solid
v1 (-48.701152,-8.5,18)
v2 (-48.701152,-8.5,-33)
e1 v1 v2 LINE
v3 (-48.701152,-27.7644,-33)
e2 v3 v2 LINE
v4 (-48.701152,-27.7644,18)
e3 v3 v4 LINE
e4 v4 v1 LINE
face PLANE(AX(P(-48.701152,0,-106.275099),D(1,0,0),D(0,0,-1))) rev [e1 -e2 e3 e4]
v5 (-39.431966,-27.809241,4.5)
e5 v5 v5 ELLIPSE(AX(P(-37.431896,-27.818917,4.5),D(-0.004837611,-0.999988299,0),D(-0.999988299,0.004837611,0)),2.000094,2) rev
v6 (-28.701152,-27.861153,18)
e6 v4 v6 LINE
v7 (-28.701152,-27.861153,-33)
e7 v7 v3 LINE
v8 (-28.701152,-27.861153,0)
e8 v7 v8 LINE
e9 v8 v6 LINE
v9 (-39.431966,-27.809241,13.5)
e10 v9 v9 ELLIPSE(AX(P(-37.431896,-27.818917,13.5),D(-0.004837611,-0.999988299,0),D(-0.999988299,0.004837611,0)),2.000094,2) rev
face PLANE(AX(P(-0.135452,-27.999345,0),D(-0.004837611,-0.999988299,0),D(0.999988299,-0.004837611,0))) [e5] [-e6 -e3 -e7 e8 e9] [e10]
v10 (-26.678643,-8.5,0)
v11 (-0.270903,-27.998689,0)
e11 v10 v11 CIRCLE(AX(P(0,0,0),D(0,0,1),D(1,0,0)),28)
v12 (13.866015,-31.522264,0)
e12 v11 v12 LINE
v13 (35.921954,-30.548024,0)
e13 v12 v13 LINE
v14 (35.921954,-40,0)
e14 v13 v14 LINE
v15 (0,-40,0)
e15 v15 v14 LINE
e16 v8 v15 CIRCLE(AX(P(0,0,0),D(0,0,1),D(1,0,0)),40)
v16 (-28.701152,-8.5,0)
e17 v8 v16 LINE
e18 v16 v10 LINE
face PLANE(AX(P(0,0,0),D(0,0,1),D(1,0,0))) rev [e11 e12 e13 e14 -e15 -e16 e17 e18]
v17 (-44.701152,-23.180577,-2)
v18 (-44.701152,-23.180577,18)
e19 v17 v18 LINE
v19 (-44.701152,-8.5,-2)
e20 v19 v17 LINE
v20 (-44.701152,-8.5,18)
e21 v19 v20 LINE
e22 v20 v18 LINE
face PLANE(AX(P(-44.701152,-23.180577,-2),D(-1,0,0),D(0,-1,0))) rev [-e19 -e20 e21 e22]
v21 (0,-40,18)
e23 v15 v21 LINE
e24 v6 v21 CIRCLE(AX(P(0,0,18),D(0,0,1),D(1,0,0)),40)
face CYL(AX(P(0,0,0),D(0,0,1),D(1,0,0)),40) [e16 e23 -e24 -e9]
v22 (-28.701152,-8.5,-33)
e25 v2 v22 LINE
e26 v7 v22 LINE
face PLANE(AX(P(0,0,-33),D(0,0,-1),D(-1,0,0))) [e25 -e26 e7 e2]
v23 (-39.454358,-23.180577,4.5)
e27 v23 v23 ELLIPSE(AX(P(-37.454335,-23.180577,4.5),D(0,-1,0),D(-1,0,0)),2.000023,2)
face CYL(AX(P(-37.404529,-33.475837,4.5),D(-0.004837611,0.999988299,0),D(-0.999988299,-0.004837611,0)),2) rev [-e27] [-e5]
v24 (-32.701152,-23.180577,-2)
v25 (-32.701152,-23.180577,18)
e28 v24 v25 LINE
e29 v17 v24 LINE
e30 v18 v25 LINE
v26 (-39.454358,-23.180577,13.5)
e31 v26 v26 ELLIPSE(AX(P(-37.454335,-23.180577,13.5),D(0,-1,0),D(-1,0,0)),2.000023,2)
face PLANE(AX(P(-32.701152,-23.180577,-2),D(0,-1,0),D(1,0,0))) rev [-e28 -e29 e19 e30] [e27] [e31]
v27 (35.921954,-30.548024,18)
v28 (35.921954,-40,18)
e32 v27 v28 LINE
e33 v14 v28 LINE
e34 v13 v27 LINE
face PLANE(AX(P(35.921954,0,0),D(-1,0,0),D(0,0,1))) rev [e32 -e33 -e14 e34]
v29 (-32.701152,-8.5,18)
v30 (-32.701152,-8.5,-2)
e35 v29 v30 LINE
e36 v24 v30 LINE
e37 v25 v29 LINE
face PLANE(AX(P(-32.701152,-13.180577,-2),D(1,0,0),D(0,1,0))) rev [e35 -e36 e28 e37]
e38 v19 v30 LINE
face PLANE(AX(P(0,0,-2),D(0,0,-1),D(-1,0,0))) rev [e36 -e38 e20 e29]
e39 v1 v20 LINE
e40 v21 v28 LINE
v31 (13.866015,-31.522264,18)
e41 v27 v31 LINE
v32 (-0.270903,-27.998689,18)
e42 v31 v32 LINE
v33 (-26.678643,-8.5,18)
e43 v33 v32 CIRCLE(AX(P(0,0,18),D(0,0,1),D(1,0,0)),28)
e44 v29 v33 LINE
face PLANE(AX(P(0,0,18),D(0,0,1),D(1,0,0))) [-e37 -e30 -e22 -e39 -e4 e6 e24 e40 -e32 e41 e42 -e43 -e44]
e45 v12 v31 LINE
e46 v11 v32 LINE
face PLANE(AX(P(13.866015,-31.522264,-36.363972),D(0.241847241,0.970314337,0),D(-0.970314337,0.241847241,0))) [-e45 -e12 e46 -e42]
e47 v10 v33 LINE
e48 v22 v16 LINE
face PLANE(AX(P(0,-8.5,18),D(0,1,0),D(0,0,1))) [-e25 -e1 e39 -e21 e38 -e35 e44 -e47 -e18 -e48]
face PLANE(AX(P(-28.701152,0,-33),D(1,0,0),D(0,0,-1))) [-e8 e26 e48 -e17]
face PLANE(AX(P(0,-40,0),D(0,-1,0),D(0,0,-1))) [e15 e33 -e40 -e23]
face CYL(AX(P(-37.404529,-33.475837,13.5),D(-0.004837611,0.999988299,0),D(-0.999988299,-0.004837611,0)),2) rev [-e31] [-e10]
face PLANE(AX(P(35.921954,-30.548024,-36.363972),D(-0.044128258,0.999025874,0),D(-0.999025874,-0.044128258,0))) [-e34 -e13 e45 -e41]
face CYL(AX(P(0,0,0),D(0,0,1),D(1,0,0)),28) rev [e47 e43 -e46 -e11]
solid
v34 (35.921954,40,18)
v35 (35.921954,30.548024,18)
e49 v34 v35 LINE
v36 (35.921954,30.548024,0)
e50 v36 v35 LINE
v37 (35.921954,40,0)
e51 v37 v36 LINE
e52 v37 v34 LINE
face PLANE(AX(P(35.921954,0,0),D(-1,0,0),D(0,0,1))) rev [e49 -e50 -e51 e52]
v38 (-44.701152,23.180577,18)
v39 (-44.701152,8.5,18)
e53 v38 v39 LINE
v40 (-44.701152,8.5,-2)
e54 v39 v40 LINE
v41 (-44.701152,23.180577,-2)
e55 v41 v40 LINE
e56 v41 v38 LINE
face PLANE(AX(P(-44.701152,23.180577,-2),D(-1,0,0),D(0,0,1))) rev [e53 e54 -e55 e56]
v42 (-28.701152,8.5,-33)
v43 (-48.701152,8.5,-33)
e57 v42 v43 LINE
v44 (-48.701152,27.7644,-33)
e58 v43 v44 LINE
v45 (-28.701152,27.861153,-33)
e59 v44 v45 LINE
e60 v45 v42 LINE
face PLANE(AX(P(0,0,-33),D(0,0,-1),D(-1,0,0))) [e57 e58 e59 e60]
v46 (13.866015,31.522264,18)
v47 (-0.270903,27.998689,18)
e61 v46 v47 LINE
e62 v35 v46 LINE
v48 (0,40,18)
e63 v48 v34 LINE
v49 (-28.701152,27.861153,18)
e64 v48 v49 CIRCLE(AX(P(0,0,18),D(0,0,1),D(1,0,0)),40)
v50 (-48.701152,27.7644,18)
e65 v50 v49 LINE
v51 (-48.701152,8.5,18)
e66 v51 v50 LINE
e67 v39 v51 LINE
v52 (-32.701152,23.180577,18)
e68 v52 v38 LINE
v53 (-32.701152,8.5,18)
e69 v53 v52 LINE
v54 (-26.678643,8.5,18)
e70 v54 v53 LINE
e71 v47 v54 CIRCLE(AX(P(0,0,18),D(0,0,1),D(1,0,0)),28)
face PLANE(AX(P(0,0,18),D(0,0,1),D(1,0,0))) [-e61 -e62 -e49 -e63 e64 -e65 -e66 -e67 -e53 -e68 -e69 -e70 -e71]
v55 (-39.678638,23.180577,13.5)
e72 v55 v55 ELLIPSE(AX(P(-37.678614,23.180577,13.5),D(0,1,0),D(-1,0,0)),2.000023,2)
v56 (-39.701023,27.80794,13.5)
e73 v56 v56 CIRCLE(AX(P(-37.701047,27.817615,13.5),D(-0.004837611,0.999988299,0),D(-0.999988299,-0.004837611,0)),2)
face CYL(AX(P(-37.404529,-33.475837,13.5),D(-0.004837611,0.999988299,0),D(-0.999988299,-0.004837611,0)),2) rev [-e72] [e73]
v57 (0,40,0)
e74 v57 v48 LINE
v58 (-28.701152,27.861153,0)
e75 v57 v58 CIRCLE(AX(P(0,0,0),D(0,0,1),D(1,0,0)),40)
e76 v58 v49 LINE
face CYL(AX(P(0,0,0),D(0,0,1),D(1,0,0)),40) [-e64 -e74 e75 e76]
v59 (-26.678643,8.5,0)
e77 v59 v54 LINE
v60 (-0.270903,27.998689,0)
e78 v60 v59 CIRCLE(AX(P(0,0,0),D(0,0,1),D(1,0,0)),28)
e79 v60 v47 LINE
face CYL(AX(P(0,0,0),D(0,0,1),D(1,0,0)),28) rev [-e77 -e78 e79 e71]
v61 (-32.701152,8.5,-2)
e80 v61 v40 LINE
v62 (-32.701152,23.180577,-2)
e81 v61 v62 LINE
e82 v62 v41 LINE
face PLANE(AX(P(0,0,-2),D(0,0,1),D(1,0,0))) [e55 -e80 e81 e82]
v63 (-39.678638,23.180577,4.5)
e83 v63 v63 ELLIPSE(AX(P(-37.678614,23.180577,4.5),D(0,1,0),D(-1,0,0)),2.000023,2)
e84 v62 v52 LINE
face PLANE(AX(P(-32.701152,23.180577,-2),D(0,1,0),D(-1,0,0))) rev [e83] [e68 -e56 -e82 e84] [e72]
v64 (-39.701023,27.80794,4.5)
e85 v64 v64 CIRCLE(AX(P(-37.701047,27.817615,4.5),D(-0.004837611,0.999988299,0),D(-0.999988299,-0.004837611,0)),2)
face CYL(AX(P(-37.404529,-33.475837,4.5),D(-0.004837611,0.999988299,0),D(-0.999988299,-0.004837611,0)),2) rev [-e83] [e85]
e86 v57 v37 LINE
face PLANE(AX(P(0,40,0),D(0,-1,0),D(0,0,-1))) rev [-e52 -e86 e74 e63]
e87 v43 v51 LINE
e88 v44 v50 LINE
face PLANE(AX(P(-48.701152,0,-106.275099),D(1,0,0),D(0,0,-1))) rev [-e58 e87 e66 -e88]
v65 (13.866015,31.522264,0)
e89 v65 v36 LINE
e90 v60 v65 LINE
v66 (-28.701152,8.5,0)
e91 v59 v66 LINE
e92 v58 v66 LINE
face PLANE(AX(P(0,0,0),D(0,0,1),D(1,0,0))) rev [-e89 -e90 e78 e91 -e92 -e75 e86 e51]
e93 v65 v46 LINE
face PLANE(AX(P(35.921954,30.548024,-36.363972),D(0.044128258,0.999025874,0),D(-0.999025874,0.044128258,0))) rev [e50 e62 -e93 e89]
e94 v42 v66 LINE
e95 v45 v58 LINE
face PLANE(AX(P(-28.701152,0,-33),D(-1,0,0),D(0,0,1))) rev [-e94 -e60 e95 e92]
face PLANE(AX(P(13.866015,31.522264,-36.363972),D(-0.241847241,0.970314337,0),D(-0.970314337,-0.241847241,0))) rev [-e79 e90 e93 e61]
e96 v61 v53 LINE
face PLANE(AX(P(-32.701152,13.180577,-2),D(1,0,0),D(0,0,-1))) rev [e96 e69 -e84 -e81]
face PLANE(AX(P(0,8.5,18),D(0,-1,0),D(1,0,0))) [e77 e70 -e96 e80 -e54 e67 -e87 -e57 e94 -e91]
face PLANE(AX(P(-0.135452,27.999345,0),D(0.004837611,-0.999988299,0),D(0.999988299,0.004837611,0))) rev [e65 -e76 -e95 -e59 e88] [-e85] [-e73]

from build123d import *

# Parameters (mm, degrees)
BOSS_EXTRUDE1_DEPTH   = 18
BOSS_EXTRUDE1_2_DEPTH = 18
SKETCH3_R             = 2
CUT_EXTRUDE2_DEPTH    = 55
BOSS_EXTRUDE3_DEPTH   = 8
SKETCH6_W             = 20
SKETCH6_H             = 4
BOSS_EXTRUDE4_DEPTH   = 8
BOSS_EXTRUDE5_DEPTH   = 33
BOSS_EXTRUDE6_DEPTH   = 18
CUT_EXTRUDE3_DEPTH    = 18
FILLET1_R             = 5
CUT_EXTRUDE4_DEPTH    = 18
BOSS_EXTRUDE7_DEPTH   = 18
CUT_EXTRUDE6_DEPTH    = 18
CUT_EXTRUDE8_DEPTH    = 51
BOSS_EXTRUDE9_DEPTH   = 33
CUT_EXTRUDE9_DEPTH    = 51
SKETCH24_W            = 12
SKETCH24_H            = 10
CUT_EXTRUDE13_DEPTH   = 20
CUT_EXTRUDE14_REACH   = 70.173
SKETCH27_R            = 2
SKETCH28_W            = 12
SKETCH28_H            = 26.361153364
CUT_EXTRUDE15_DEPTH   = 20
CUT_EXTRUDE16_DEPTH   = 18


with BuildPart() as part:
    # Sketch1 → Boss-Extrude1 (new body)
    with BuildSketch(Plane.XY):
        with BuildLine():
            ThreePointArc((-67.970581872, 8.5), (-45.332107827, 51.354162441), (0, 68.5))
            Line((0, 68.5), (60, 68.5))
            Line((60, 68.5), (60, 83.5))
            Line((60, 83.5), (0, 83.5))
            ThreePointArc((0, 83.5), (-46.291853863, 69.493267774), (-77.053226258, 32.172197985))
            ThreePointArc((-77.053226258, 32.172197985), (-79.853331001, 28.774985947), (-84.067123478, 27.5))
            Line((-84.067123478, 27.5), (-103.3555905, 27.5))
            Line((-103.3555905, 27.5), (-103.3555905, 21.5))
            Line((-103.3555905, 21.5), (-83.3555905, 21.5))
            Line((-83.3555905, 21.5), (-83.3555905, 13.5))
            Line((-83.3555905, 13.5), (-103.3555905, 13.5))
            Line((-103.3555905, 13.5), (-103.3555905, 8.5))
            Line((-103.3555905, 8.5), (-67.970581872, 8.5))
        make_face()
    extrude(amount=BOSS_EXTRUDE1_DEPTH)


with BuildPart() as body_2:
    # Sketch1 → Boss-Extrude1 2 (new body)
    with BuildSketch(Plane.XY):
        with BuildLine():
            ThreePointArc((-77.053226258, -32.172197985), (-46.291853863, -69.493267774), (0, -83.5))
            Line((0, -83.5), (60, -83.5))
            Line((60, -83.5), (60, -68.5))
            Line((60, -68.5), (0, -68.5))
            ThreePointArc((0, -68.5), (-45.332107827, -51.354162441), (-67.970581872, -8.5))
            Line((-67.970581872, -8.5), (-103.3555905, -8.5))
            Line((-103.3555905, -8.5), (-103.3555905, -13.5))
            Line((-103.3555905, -13.5), (-83.3555905, -13.5))
            Line((-83.3555905, -13.5), (-83.3555905, -21.5))
            Line((-83.3555905, -21.5), (-103.3555905, -21.5))
            Line((-103.3555905, -21.5), (-103.3555905, -27.5))
            Line((-103.3555905, -27.5), (-84.067123478, -27.5))
            ThreePointArc((-84.067123478, -27.5), (-79.853331001, -28.774985947), (-77.053226258, -32.172197985))
        make_face()
    extrude(amount=BOSS_EXTRUDE1_2_DEPTH)


with BuildPart() as cut_extrude2_tool:
    # Sketch3 → Cut-Extrude2 (new body)
    with BuildSketch(Plane.XZ.offset(27.5)):
        with Locations((-88.567123478, 9)):
            Circle(SKETCH3_R)
        with Locations((-97.567123478, 9)):
            Circle(SKETCH3_R)
    extrude(amount=-CUT_EXTRUDE2_DEPTH)


with BuildPart() as part_1:
    add(part.part)

    # Cut-Extrude2: cut by cut_extrude2_tool
    add(cut_extrude2_tool.part, mode=Mode.SUBTRACT)

    # Sketch5 → Boss-Extrude3 (add)
    with BuildSketch(Plane.XZ.offset(-21.5)):
        Polygon((-103.3555905, 14), (-84.067123478, 14), (-83.3555905, 14), (-83.3555905, 18), (-103.3555905, 18), align=None)
        Polygon((-103.3555905, 4), (-103.3555905, 0), (-84.067123478, 0), (-83.3555905, 0), (-83.3555905, 4), (-84.067123478, 4), align=None)
    extrude(amount=BOSS_EXTRUDE3_DEPTH)



with BuildPart() as body_2_1:
    add(body_2.part)

    # Cut-Extrude2: cut by cut_extrude2_tool
    add(cut_extrude2_tool.part, mode=Mode.SUBTRACT)

    # Sketch6 → Boss-Extrude4 (add)
    with BuildSketch(Plane(origin=(0, -13.5, 0), x_dir=(-1, 0, 0), z_dir=(0, -1, 0))):
        with Locations((93.3555905, -16)):
            Rectangle(SKETCH6_W, SKETCH6_H)
        with Locations((93.3555905, -2)):
            Rectangle(SKETCH6_W, SKETCH6_H)
    extrude(amount=BOSS_EXTRUDE4_DEPTH)


with BuildPart() as part_2:
    add(part_1.part)

    add(body_2_1.part)  # Boss-Extrude5 merges body 2
    # Sketch7 → Boss-Extrude5 (add)
    with BuildSketch(Plane(origin=(0, 0, 0), x_dir=(-1, 0, 0), z_dir=(0, 0, -1))):
        with BuildLine():
            Line((67.970581872, -8.5), (103.3555905, -8.5))
            Line((103.3555905, -8.5), (103.3555905, -27.5))
            Line((103.3555905, -27.5), (62.737548565, -27.5))
            ThreePointArc((62.737548565, -27.5), (66.040925498, -18.189176985), (67.970581872, -8.5))
        make_face()
        with BuildLine():
            Line((103.3555905, 27.5), (62.737548565, 27.5))
            ThreePointArc((62.737548565, 27.5), (66.040925498, 18.189176985), (67.970581872, 8.5))
            Line((67.970581872, 8.5), (103.3555905, 8.5))
            Line((103.3555905, 8.5), (103.3555905, 27.5))
        make_face()
    extrude(amount=BOSS_EXTRUDE5_DEPTH)

    # Sketch9 → Boss-Extrude6 (add)
    with BuildSketch(Plane.XY.offset(18)):
        with BuildLine():
            Line((-67.970581872, 8.5), (-53.326822519, 8.5))
            ThreePointArc((-53.326822519, 8.5), (-35.049964337, 41.079191813), (0, 54))
            Line((0, 54), (60, 54))
            Line((60, 54), (60, 68.5))
            Line((60, 68.5), (0, 68.5))
            ThreePointArc((0, 68.5), (-45.332107827, 51.354162441), (-67.970581872, 8.5))
        make_face()
        with BuildLine():
            Line((0, -54), (60, -54))
            Line((60, -54), (60, -68.5))
            Line((60, -68.5), (0, -68.5))
            ThreePointArc((0, -68.5), (-45.332107827, -51.354162441), (-67.970581872, -8.5))
            Line((-67.970581872, -8.5), (-53.326822519, -8.5))
            ThreePointArc((-53.326822519, -8.5), (-35.049964337, -41.079191813), (0, -54))
        make_face()
    extrude(amount=-BOSS_EXTRUDE6_DEPTH)

    # Sketch10 → Cut-Extrude3 (cut)
    with BuildSketch(Plane.XY.offset(18)):
        with BuildLine():
            ThreePointArc((0, 83.5), (-46.291853863, 69.493267774), (-77.053226258, 32.172197985))
            Line((-77.053226258, 32.172197985), (-66.08479157, 32.172197985))
            ThreePointArc((-66.08479157, 32.172197985), (-38.971742635, 62.317359347), (0, 73.5))
            Line((0, 73.5), (50, 73.5))
            Line((50, 73.5), (60, 73.5))
            Line((60, 73.5), (60, 83.5))
            Line((60, 83.5), (0, 83.5))
        make_face()
        with BuildLine():
            Line((0, -83.5), (60, -83.5))
            Line((60, -83.5), (60, -73.5))
            Line((60, -73.5), (50, -73.5))
            Line((50, -73.5), (0, -73.5))
            ThreePointArc((0, -73.5), (-38.971742635, -62.317359347), (-66.08479157, -32.172197985))
            Line((-66.08479157, -32.172197985), (-77.053226258, -32.172197985))
            ThreePointArc((-77.053226258, -32.172197985), (-46.291853863, -69.493267774), (0, -83.5))
        make_face()
        with BuildLine():
            Line((0, -56), (60, -56))
            Line((60, -56), (60, -54))
            Line((60, -54), (0, -54))
            ThreePointArc((0, -54), (-35.049964337, -41.079191813), (-53.326822519, -8.5))
            Line((-53.326822519, -8.5), (-55.35115175, -8.5))
            ThreePointArc((-55.35115175, -8.5), (-36.469165058, -42.497058722), (0, -56))
        make_face()
        with BuildLine():
            Line((60, 54), (60, 56))
            Line((60, 56), (0, 56))
            ThreePointArc((0, 56), (-36.469165058, 42.497058722), (-55.35115175, 8.5))
            Line((-55.35115175, 8.5), (-53.326822519, 8.5))
            ThreePointArc((-53.326822519, 8.5), (-35.049964337, 41.079191813), (0, 54))
            Line((0, 54), (60, 54))
        make_face()
    extrude(amount=-CUT_EXTRUDE3_DEPTH, mode=Mode.SUBTRACT)

    # Fillet1
    fillet1_edges = [part_2.edges().sort_by_distance(p)[0] for p in [
        (-77.053226258, 32.172197985, 9),
    ]]
    fillet(fillet1_edges, radius=FILLET1_R)

    # Sketch12 → Cut-Extrude4 (cut)
    with BuildSketch(Plane.XY.offset(18)):
        with BuildLine():
            ThreePointArc((-84.067123478, 27.5), (-74.733138383, 28.516658422), (-66.08479157, 32.172197985))
            Line((-66.08479157, 32.172197985), (-74.273414579, 32.172197985))
            ThreePointArc((-74.273414579, 32.172197985), (-76.4262848, 31.684974271), (-78.159583252, 30.318257909))
            ThreePointArc((-78.159583252, 30.318257909), (-80.794448382, 28.24065074), (-84.067123478, 27.5))
        make_face()
        with BuildLine():
            ThreePointArc((-84.067123478, -27.5), (-74.733138383, -28.516658422), (-66.08479157, -32.172197985))
            Line((-66.08479157, -32.172197985), (-77.053226258, -32.172197985))
            ThreePointArc((-77.053226258, -32.172197985), (-79.853331001, -28.774985947), (-84.067123478, -27.5))
        make_face()
    extrude(amount=-CUT_EXTRUDE4_DEPTH, mode=Mode.SUBTRACT)

    # Sketch13 → Boss-Extrude7 (add)
    with BuildSketch(Plane.XY.offset(18)):
        with BuildLine():
            ThreePointArc((-0.27090305, 27.998689461), (-0.13545311, 27.999672363), (0, 28))
            Line((0, 28), (35.921954013, 28))
            Line((35.921954013, 28), (35.921954013, 40))
            Line((35.921954013, 40), (0, 40))
            ThreePointArc((0, 40), (-15.581300739, 36.84050851), (-28.701152124, 27.861153364))
            Line((-28.701152124, 27.861153364), (-59.086442662, 27.714159426))
            Line((-59.086442662, 27.714159426), (-59.086442662, 8.5))
            Line((-59.086442662, 8.5), (-39.086442662, 8.5))
            Line((-39.086442662, 8.5), (-26.678643144, 8.5))
            ThreePointArc((-26.678643144, 8.5), (-16.631873998, 22.525114146), (-0.27090305, 27.998689461))
        make_face()
        with BuildLine():
            Line((35.921954013, -28), (0, -28))
            ThreePointArc((0, -28), (-0.13545311, -27.999672363), (-0.27090305, -27.998689461))
            ThreePointArc((-0.27090305, -27.998689461), (-16.631873998, -22.525114146), (-26.678643144, -8.5))
            Line((-26.678643144, -8.5), (-39.086442662, -8.5))
            Line((-39.086442662, -8.5), (-55.35115175, -8.5))
            ThreePointArc((-55.35115175, -8.5), (-52.876575307, -18.44092687), (-48.632495811, -27.764732147))
            Line((-48.632495811, -27.764732147), (-28.701152124, -27.861153364))
            ThreePointArc((-28.701152124, -27.861153364), (-15.581300739, -36.84050851), (0, -40))
            Line((0, -40), (35.921954013, -40))
            Line((35.921954013, -40), (35.921954013, -28))
        make_face()
    extrude(amount=-BOSS_EXTRUDE7_DEPTH)

    # Sketch14 → Cut-Extrude6 (cut)
    with BuildSketch(Plane.XY.offset(18)):
        with BuildLine():
            Line((60, -40), (0, -40))
            ThreePointArc((0, -40), (-15.581300739, -36.84050851), (-28.701152124, -27.861153364))
            Line((-28.701152124, -27.861153364), (-103.3555905, -27.5))
            Line((-103.3555905, -27.5), (-103.3555905, -78.529731722))
            Line((-103.3555905, -78.529731722), (60, -73.5))
            Line((60, -73.5), (60, -40))
        make_face()
        with BuildLine():
            Line((0, 40), (76.426770392, 40))
            Line((76.426770392, 40), (76.426770392, 83.735898263))
            Line((76.426770392, 83.735898263), (-103.3555905, 83.735898263))
            Line((-103.3555905, 83.735898263), (-103.3555905, 27.5))
            Line((-103.3555905, 27.5), (-28.701152124, 27.861153364))
            ThreePointArc((-28.701152124, 27.861153364), (-15.581300739, 36.84050851), (0, 40))
        make_face()
    extrude(amount=-CUT_EXTRUDE6_DEPTH, mode=Mode.SUBTRACT)

    # Sketch16 → Cut-Extrude8 (cut)
    with BuildSketch(Plane.XY.offset(18)):
        Polygon((-96.511114913, -8.5), (-48.701152124, -8.5), (-48.701152124, 27.76440001), (-96.511114913, 27.533111298), align=None)
        with BuildLine():
            Line((-59.086442662, -27.714159426), (-48.701152124, -27.76440001))
            Line((-48.701152124, -27.76440001), (-48.701152124, -8.5))
            Line((-48.701152124, -8.5), (-96.511114913, -8.5))
            Line((-96.511114913, -8.5), (-96.511114913, -27.5))
            Line((-96.511114913, -27.5), (-84.067123478, -27.5))
            ThreePointArc((-84.067123478, -27.5), (-81.983393161, -27.489607176), (-79.903320582, -27.613454288))
            Line((-79.903320582, -27.613454288), (-59.086442662, -27.714159426))
        make_face()
    extrude(amount=-CUT_EXTRUDE8_DEPTH, mode=Mode.SUBTRACT)

    # Sketch17 → Boss-Extrude9 (add)
    with BuildSketch(Plane(origin=(0, 0, 0), x_dir=(-1, 0, 0), z_dir=(0, 0, -1))):
        Polygon((48.701152124, 8.5), (48.701152124, 27.76440001), (28.701152124, 27.861153364), (28.701152124, 8.5), align=None)
        Polygon((48.701152124, -8.5), (28.701152124, -8.5), (28.701152124, -27.861153364), (48.701152124, -27.76440001), align=None)
    extrude(amount=BOSS_EXTRUDE9_DEPTH)

    # Sketch18 → Cut-Extrude9 (cut)
    with BuildSketch(Plane.XY.offset(18)):
        Polygon((-48.701152124, 27.76440001), (-116.673009187, 35.475699467), (-116.673009187, -41.632003062), (-48.701152124, -27.76440001), align=None)
    extrude(amount=-CUT_EXTRUDE9_DEPTH, mode=Mode.SUBTRACT)

    # Sketch24 → Cut-Extrude13 (cut)
    with BuildSketch(Plane.XY.offset(18)):
        with Locations((-38.701152124, -18.180576682)):
            Rectangle(SKETCH24_W, SKETCH24_H)
        with Locations((-38.701152124, 18.180576682)):
            Rectangle(SKETCH24_W, SKETCH24_H)
    extrude(amount=-CUT_EXTRUDE13_DEPTH, mode=Mode.SUBTRACT)

    # Cut-Extrude14: up to this face of the body (flat: up to its plane)
    cut_extrude14_end = Plane(part_2.part.faces().sort_by_distance((-38.701152124, -27.812776687, -7.5))[0])
    # Sketch27 → Cut-Extrude14 (cut, up to the picked face)
    with BuildSketch(Plane(origin=(-0.135451525, 27.999344731, 0), x_dir=(0.999988299, 0.004837611, 0), z_dir=(-0.004837611, 0.999988299, 0)), mode=Mode.PRIVATE) as cut_extrude14_sk1:
        with Locations((-37.566034859, -13.5)):
            Circle(SKETCH27_R)
    cut_extrude14_tool1 = split(extrude(cut_extrude14_sk1.sketch, amount=-CUT_EXTRUDE14_REACH, mode=Mode.PRIVATE), bisect_by=cut_extrude14_end, keep=Keep.BOTH, mode=Mode.PRIVATE)
    add(cut_extrude14_tool1.solids().sort_by_distance((-37.701047, 27.817615, 13.5))[0], mode=Mode.SUBTRACT)
    # Sketch27 → Cut-Extrude14 (cut, up to the picked face)
    with BuildSketch(Plane(origin=(-0.135451525, 27.999344731, 0), x_dir=(0.999988299, 0.004837611, 0), z_dir=(-0.004837611, 0.999988299, 0)), mode=Mode.PRIVATE) as cut_extrude14_sk2:
        with Locations((-37.566034859, -4.5)):
            Circle(SKETCH27_R)
    cut_extrude14_tool2 = split(extrude(cut_extrude14_sk2.sketch, amount=-CUT_EXTRUDE14_REACH, mode=Mode.PRIVATE), bisect_by=cut_extrude14_end, keep=Keep.BOTH, mode=Mode.PRIVATE)
    add(cut_extrude14_tool2.solids().sort_by_distance((-37.701047, 27.817615, 4.5))[0], mode=Mode.SUBTRACT)

    # Sketch28 → Cut-Extrude15 (cut)
    with BuildSketch(Plane.XY.offset(18)):
        with Locations((-38.701152124, 0)):
            Rectangle(SKETCH28_W, SKETCH28_H)
    extrude(amount=-CUT_EXTRUDE15_DEPTH, mode=Mode.SUBTRACT)

    # Sketch29 → Cut-Extrude16 (cut)
    with BuildSketch(Plane.XY.offset(18)):
        Polygon((35.921954013, 28), (35.921954013, 30.548024479), (13.866014887, 31.522263692), (-0.27090305, 27.998689461), align=None)
        Polygon((35.921954013, -28), (35.921954013, -30.548024479), (13.866014887, -31.522263692), (-0.27090305, -27.998689461), align=None)
    extrude(amount=-CUT_EXTRUDE16_DEPTH, mode=Mode.SUBTRACT)


solid = part_2.part
